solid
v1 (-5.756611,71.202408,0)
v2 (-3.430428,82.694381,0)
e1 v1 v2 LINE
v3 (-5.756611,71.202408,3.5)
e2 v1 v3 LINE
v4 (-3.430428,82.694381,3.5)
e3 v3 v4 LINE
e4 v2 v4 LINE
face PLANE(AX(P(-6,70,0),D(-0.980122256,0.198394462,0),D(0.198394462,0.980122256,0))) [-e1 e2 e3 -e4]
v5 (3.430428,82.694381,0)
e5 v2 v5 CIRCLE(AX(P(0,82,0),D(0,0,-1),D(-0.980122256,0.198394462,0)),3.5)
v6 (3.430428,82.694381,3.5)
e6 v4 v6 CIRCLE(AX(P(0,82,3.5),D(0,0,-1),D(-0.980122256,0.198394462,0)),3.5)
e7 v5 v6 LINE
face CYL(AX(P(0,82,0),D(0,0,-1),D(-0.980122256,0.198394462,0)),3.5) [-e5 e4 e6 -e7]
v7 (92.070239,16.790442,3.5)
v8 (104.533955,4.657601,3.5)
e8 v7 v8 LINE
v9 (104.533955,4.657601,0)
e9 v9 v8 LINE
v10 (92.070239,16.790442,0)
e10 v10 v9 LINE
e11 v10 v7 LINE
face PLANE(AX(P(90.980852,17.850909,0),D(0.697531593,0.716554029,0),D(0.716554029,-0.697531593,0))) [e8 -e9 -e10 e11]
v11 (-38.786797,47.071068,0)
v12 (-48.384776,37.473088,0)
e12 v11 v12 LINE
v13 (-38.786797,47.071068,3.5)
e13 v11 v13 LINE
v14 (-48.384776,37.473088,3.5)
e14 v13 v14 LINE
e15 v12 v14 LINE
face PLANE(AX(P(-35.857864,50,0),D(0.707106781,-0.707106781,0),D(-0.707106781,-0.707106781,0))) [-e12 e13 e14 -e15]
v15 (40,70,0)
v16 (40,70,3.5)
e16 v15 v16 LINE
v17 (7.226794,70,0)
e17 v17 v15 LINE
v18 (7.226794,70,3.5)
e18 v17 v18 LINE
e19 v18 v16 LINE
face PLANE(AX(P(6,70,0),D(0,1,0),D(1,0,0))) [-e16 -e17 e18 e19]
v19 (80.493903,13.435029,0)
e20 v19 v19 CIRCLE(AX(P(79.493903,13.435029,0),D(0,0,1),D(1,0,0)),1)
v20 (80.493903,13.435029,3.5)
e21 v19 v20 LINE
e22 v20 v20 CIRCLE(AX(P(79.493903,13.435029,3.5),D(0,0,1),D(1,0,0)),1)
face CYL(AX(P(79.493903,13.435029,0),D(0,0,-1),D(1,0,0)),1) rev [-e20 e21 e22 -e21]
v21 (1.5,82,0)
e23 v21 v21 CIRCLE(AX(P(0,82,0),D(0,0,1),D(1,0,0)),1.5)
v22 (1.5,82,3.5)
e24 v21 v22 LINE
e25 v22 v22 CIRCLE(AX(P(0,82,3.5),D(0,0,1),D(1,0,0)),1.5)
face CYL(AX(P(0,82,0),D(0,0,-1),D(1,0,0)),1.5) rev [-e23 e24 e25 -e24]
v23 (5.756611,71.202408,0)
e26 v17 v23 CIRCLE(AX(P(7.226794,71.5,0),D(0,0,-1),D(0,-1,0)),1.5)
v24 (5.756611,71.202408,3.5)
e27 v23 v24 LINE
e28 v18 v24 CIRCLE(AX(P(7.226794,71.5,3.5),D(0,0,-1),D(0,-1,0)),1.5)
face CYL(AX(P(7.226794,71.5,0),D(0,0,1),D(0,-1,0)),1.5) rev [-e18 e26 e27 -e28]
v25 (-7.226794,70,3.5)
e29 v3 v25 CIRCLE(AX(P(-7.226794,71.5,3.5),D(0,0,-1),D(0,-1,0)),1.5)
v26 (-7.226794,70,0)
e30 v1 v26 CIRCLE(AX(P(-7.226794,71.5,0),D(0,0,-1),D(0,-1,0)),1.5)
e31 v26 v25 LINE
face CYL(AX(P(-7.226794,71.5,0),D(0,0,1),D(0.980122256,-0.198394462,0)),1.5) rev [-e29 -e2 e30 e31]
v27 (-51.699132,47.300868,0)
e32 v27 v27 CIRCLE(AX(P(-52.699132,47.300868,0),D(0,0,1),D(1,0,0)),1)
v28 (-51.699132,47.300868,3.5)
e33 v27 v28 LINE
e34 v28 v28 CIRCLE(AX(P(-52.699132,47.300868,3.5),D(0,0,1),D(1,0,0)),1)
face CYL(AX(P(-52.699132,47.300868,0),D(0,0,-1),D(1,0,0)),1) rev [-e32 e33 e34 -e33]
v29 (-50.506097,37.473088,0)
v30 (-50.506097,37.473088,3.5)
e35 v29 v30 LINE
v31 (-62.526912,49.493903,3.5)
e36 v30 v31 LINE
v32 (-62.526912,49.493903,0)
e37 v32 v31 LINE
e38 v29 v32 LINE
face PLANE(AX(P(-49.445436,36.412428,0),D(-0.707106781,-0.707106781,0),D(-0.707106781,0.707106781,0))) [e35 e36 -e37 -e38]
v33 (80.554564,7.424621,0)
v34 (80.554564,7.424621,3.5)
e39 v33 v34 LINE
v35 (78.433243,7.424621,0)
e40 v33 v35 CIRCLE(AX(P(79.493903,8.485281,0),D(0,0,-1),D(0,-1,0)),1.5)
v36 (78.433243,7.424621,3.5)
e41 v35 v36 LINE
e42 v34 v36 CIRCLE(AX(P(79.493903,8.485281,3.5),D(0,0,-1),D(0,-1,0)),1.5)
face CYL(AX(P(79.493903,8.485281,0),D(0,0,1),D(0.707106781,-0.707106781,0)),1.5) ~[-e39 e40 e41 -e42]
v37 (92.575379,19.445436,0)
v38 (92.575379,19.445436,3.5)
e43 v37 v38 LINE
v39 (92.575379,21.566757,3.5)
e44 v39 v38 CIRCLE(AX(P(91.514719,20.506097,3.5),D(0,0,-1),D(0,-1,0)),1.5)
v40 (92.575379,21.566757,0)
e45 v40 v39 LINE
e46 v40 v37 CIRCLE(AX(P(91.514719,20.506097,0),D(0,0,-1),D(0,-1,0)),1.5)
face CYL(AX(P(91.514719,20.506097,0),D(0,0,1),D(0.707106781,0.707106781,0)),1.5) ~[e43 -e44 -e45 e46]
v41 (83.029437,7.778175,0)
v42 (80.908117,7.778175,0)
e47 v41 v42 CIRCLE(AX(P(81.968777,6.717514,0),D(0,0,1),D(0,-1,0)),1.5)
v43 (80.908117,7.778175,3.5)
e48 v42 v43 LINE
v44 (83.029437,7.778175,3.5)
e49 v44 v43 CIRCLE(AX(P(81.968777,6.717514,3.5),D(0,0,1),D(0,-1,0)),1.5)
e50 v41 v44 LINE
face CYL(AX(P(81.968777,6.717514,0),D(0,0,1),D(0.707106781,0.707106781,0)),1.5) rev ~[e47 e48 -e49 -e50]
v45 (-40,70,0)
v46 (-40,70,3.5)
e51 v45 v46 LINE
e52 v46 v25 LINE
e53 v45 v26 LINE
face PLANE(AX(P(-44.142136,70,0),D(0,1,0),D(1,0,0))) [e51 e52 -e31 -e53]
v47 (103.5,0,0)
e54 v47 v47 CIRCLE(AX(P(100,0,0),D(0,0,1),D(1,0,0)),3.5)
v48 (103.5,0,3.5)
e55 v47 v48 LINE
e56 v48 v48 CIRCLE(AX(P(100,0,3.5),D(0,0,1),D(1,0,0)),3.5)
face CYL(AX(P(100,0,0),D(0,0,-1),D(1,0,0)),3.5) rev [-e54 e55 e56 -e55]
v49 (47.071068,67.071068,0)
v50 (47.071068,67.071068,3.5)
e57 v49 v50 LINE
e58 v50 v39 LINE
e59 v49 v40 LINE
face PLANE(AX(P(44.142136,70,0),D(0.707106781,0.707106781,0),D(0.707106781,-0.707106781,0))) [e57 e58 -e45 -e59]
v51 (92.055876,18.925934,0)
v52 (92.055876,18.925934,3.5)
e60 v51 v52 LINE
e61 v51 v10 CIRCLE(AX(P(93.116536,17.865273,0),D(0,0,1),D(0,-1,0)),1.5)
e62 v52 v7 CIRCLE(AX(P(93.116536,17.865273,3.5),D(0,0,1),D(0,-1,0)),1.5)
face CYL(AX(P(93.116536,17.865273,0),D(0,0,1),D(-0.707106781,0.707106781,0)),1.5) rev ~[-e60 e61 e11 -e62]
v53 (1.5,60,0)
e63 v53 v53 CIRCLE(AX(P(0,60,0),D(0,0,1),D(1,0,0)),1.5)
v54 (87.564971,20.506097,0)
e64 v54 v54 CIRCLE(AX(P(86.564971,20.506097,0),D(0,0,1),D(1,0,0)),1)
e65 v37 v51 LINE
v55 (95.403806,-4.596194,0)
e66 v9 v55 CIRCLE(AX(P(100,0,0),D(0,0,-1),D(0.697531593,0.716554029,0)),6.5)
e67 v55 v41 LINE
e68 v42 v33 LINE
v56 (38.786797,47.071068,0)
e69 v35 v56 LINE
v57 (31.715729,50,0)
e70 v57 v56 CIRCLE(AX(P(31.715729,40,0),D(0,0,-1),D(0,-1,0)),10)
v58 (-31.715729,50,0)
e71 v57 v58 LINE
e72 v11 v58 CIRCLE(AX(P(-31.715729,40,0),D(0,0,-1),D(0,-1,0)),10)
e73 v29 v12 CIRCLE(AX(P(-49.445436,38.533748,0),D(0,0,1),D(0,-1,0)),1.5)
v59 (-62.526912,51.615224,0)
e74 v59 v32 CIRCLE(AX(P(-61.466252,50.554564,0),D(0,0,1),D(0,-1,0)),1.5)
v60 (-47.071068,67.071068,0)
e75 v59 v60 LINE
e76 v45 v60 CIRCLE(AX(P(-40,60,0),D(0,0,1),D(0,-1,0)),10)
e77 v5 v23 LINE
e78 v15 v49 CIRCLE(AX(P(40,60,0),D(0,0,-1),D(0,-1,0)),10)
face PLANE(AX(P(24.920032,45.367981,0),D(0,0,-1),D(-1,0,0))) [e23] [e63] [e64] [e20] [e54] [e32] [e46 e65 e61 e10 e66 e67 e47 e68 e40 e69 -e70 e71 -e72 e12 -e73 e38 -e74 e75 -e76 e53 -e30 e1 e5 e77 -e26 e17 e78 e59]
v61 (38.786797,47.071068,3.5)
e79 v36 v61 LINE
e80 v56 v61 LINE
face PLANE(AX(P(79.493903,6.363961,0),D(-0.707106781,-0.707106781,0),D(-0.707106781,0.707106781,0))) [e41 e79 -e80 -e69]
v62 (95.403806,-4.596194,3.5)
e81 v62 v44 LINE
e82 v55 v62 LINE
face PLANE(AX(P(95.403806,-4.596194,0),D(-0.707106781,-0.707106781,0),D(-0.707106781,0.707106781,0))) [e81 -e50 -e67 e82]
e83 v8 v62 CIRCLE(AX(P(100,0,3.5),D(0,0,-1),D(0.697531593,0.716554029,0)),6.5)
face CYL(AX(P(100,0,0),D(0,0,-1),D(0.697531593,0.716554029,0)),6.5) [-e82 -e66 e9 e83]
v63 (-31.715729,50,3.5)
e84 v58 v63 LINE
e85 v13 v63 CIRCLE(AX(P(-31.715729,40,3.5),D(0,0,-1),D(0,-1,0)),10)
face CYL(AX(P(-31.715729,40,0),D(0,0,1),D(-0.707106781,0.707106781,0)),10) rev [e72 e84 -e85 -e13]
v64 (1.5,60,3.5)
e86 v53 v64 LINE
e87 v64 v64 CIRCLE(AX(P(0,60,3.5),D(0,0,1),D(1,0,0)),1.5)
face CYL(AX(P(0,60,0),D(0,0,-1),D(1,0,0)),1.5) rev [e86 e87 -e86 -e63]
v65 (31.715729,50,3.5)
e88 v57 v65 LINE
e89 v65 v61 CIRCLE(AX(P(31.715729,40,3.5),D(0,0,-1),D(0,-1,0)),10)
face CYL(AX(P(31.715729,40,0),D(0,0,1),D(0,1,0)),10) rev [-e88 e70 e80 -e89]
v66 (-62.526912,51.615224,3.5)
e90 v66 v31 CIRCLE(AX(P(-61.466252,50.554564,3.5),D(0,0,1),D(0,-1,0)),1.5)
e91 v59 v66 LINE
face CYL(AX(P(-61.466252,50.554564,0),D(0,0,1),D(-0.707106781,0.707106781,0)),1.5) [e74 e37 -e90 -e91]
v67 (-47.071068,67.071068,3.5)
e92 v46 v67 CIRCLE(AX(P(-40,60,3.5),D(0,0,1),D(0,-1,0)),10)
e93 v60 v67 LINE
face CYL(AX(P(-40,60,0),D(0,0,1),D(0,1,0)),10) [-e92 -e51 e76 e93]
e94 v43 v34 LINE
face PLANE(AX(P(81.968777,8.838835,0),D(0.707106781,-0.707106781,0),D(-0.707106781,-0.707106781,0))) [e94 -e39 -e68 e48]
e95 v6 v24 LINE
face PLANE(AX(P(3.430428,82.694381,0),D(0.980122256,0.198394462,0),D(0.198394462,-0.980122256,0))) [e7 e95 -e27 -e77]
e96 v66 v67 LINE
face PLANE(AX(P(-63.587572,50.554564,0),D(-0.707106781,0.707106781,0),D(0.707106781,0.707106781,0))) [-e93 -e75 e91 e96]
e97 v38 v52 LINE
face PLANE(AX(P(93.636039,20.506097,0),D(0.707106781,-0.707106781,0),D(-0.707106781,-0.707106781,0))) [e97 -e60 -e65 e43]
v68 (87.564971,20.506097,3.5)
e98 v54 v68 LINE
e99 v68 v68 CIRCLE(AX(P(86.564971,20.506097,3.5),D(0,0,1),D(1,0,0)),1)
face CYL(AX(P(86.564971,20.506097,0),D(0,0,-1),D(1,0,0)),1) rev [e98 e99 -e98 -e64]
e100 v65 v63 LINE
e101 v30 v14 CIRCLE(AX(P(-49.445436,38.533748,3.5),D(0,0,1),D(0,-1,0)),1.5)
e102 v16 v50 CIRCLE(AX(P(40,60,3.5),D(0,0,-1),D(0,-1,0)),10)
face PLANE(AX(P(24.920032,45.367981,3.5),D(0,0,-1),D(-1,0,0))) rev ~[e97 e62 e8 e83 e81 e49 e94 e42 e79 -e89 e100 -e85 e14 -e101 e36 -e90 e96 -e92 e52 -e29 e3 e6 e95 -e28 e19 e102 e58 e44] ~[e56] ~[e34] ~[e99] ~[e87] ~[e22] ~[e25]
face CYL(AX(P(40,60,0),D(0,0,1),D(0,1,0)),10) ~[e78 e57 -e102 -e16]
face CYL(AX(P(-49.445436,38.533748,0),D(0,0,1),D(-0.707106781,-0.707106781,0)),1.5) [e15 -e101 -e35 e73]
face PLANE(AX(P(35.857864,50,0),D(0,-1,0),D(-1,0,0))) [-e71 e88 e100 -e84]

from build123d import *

# Parameters (mm, degrees)
SKETCH7_R           = 3.5
SKETCH7_R_2         = 1.5
SKETCH7_R_3         = 1
BOSS_EXTRUDE2_DEPTH = 3.5
FILLET1_R           = 10
FILLET2_R           = 1.5


with BuildPart() as part:
    # Sketch7 → Boss-Extrude2 (new body)
    with BuildSketch(Plane.XY):
        with BuildLine():
            Line((3.430427898, 82.694380615), (6, 70))
            Line((6, 70), (44.142135624, 70))
            Line((44.142135624, 70), (93.636038969, 20.506096654))
            Line((93.636038969, 20.506096654), (90.980851591, 17.850909276))
            Line((90.980851591, 17.850909276), (104.533955357, 4.657601188))
            ThreePointArc((104.533955357, 4.657601188), (104.627002282, -4.565177968), (95.403805922, -4.596194078))
            Line((95.403805922, -4.596194078), (81.96877708, 8.838834765))
            Line((81.96877708, 8.838834765), (79.493903346, 6.363961031))
            Line((79.493903346, 6.363961031), (35.857864376, 50))
            Line((35.857864376, 50), (-35.857864376, 50))
            Line((-35.857864376, 50), (-49.445436483, 36.412427894))
            Line((-49.445436483, 36.412427894), (-63.587572106, 50.554563517))
            Line((-63.587572106, 50.554563517), (-44.142135624, 70))
            Line((-44.142135624, 70), (-6, 70))
            Line((-6, 70), (-3.430427898, 82.694380615))
            ThreePointArc((-3.430427898, 82.694380615), (0, 85.5), (3.430427898, 82.694380615))
        make_face()
        with Locations((100, 0)):
            Circle(SKETCH7_R, mode=Mode.SUBTRACT)
        with Locations((0, 82)):
            Circle(SKETCH7_R_2, mode=Mode.SUBTRACT)
        with Locations((0, 60)):
            Circle(SKETCH7_R_2, mode=Mode.SUBTRACT)
        with Locations((86.564971157, 20.506096654)):
            Circle(SKETCH7_R_3, mode=Mode.SUBTRACT)
        with Locations((79.493903346, 13.435028843)):
            Circle(SKETCH7_R_3, mode=Mode.SUBTRACT)
        with Locations((-52.699132326, 47.300867674)):
            Circle(SKETCH7_R_3, mode=Mode.SUBTRACT)
    extrude(amount=BOSS_EXTRUDE2_DEPTH)

    # Fillet1
    fillet1_edges = [part.edges().sort_by_distance(p)[0] for p in [
        (44.142135624, 70, 1.75),
        (35.857864376, 50, 1.75),
        (-35.857864376, 50, 1.75),
        (-44.142135624, 70, 1.75),
    ]]
    fillet(fillet1_edges, radius=FILLET1_R)

    # Fillet2
    fillet2_edges = [part.edges().sort_by_distance(p)[0] for p in [
        (6, 70, 1.75),
        (93.636038969, 20.506096654, 1.75),
        (90.980851591, 17.850909276, 1.75),
        (81.96877708, 8.838834765, 1.75),
        (79.493903346, 6.363961031, 1.75),
        (-49.445436483, 36.412427894, 1.75),
        (-63.587572106, 50.554563517, 1.75),
        (-6, 70, 1.75),
    ]]
    fillet(fillet2_edges, radius=FILLET2_R)


solid = part.part
